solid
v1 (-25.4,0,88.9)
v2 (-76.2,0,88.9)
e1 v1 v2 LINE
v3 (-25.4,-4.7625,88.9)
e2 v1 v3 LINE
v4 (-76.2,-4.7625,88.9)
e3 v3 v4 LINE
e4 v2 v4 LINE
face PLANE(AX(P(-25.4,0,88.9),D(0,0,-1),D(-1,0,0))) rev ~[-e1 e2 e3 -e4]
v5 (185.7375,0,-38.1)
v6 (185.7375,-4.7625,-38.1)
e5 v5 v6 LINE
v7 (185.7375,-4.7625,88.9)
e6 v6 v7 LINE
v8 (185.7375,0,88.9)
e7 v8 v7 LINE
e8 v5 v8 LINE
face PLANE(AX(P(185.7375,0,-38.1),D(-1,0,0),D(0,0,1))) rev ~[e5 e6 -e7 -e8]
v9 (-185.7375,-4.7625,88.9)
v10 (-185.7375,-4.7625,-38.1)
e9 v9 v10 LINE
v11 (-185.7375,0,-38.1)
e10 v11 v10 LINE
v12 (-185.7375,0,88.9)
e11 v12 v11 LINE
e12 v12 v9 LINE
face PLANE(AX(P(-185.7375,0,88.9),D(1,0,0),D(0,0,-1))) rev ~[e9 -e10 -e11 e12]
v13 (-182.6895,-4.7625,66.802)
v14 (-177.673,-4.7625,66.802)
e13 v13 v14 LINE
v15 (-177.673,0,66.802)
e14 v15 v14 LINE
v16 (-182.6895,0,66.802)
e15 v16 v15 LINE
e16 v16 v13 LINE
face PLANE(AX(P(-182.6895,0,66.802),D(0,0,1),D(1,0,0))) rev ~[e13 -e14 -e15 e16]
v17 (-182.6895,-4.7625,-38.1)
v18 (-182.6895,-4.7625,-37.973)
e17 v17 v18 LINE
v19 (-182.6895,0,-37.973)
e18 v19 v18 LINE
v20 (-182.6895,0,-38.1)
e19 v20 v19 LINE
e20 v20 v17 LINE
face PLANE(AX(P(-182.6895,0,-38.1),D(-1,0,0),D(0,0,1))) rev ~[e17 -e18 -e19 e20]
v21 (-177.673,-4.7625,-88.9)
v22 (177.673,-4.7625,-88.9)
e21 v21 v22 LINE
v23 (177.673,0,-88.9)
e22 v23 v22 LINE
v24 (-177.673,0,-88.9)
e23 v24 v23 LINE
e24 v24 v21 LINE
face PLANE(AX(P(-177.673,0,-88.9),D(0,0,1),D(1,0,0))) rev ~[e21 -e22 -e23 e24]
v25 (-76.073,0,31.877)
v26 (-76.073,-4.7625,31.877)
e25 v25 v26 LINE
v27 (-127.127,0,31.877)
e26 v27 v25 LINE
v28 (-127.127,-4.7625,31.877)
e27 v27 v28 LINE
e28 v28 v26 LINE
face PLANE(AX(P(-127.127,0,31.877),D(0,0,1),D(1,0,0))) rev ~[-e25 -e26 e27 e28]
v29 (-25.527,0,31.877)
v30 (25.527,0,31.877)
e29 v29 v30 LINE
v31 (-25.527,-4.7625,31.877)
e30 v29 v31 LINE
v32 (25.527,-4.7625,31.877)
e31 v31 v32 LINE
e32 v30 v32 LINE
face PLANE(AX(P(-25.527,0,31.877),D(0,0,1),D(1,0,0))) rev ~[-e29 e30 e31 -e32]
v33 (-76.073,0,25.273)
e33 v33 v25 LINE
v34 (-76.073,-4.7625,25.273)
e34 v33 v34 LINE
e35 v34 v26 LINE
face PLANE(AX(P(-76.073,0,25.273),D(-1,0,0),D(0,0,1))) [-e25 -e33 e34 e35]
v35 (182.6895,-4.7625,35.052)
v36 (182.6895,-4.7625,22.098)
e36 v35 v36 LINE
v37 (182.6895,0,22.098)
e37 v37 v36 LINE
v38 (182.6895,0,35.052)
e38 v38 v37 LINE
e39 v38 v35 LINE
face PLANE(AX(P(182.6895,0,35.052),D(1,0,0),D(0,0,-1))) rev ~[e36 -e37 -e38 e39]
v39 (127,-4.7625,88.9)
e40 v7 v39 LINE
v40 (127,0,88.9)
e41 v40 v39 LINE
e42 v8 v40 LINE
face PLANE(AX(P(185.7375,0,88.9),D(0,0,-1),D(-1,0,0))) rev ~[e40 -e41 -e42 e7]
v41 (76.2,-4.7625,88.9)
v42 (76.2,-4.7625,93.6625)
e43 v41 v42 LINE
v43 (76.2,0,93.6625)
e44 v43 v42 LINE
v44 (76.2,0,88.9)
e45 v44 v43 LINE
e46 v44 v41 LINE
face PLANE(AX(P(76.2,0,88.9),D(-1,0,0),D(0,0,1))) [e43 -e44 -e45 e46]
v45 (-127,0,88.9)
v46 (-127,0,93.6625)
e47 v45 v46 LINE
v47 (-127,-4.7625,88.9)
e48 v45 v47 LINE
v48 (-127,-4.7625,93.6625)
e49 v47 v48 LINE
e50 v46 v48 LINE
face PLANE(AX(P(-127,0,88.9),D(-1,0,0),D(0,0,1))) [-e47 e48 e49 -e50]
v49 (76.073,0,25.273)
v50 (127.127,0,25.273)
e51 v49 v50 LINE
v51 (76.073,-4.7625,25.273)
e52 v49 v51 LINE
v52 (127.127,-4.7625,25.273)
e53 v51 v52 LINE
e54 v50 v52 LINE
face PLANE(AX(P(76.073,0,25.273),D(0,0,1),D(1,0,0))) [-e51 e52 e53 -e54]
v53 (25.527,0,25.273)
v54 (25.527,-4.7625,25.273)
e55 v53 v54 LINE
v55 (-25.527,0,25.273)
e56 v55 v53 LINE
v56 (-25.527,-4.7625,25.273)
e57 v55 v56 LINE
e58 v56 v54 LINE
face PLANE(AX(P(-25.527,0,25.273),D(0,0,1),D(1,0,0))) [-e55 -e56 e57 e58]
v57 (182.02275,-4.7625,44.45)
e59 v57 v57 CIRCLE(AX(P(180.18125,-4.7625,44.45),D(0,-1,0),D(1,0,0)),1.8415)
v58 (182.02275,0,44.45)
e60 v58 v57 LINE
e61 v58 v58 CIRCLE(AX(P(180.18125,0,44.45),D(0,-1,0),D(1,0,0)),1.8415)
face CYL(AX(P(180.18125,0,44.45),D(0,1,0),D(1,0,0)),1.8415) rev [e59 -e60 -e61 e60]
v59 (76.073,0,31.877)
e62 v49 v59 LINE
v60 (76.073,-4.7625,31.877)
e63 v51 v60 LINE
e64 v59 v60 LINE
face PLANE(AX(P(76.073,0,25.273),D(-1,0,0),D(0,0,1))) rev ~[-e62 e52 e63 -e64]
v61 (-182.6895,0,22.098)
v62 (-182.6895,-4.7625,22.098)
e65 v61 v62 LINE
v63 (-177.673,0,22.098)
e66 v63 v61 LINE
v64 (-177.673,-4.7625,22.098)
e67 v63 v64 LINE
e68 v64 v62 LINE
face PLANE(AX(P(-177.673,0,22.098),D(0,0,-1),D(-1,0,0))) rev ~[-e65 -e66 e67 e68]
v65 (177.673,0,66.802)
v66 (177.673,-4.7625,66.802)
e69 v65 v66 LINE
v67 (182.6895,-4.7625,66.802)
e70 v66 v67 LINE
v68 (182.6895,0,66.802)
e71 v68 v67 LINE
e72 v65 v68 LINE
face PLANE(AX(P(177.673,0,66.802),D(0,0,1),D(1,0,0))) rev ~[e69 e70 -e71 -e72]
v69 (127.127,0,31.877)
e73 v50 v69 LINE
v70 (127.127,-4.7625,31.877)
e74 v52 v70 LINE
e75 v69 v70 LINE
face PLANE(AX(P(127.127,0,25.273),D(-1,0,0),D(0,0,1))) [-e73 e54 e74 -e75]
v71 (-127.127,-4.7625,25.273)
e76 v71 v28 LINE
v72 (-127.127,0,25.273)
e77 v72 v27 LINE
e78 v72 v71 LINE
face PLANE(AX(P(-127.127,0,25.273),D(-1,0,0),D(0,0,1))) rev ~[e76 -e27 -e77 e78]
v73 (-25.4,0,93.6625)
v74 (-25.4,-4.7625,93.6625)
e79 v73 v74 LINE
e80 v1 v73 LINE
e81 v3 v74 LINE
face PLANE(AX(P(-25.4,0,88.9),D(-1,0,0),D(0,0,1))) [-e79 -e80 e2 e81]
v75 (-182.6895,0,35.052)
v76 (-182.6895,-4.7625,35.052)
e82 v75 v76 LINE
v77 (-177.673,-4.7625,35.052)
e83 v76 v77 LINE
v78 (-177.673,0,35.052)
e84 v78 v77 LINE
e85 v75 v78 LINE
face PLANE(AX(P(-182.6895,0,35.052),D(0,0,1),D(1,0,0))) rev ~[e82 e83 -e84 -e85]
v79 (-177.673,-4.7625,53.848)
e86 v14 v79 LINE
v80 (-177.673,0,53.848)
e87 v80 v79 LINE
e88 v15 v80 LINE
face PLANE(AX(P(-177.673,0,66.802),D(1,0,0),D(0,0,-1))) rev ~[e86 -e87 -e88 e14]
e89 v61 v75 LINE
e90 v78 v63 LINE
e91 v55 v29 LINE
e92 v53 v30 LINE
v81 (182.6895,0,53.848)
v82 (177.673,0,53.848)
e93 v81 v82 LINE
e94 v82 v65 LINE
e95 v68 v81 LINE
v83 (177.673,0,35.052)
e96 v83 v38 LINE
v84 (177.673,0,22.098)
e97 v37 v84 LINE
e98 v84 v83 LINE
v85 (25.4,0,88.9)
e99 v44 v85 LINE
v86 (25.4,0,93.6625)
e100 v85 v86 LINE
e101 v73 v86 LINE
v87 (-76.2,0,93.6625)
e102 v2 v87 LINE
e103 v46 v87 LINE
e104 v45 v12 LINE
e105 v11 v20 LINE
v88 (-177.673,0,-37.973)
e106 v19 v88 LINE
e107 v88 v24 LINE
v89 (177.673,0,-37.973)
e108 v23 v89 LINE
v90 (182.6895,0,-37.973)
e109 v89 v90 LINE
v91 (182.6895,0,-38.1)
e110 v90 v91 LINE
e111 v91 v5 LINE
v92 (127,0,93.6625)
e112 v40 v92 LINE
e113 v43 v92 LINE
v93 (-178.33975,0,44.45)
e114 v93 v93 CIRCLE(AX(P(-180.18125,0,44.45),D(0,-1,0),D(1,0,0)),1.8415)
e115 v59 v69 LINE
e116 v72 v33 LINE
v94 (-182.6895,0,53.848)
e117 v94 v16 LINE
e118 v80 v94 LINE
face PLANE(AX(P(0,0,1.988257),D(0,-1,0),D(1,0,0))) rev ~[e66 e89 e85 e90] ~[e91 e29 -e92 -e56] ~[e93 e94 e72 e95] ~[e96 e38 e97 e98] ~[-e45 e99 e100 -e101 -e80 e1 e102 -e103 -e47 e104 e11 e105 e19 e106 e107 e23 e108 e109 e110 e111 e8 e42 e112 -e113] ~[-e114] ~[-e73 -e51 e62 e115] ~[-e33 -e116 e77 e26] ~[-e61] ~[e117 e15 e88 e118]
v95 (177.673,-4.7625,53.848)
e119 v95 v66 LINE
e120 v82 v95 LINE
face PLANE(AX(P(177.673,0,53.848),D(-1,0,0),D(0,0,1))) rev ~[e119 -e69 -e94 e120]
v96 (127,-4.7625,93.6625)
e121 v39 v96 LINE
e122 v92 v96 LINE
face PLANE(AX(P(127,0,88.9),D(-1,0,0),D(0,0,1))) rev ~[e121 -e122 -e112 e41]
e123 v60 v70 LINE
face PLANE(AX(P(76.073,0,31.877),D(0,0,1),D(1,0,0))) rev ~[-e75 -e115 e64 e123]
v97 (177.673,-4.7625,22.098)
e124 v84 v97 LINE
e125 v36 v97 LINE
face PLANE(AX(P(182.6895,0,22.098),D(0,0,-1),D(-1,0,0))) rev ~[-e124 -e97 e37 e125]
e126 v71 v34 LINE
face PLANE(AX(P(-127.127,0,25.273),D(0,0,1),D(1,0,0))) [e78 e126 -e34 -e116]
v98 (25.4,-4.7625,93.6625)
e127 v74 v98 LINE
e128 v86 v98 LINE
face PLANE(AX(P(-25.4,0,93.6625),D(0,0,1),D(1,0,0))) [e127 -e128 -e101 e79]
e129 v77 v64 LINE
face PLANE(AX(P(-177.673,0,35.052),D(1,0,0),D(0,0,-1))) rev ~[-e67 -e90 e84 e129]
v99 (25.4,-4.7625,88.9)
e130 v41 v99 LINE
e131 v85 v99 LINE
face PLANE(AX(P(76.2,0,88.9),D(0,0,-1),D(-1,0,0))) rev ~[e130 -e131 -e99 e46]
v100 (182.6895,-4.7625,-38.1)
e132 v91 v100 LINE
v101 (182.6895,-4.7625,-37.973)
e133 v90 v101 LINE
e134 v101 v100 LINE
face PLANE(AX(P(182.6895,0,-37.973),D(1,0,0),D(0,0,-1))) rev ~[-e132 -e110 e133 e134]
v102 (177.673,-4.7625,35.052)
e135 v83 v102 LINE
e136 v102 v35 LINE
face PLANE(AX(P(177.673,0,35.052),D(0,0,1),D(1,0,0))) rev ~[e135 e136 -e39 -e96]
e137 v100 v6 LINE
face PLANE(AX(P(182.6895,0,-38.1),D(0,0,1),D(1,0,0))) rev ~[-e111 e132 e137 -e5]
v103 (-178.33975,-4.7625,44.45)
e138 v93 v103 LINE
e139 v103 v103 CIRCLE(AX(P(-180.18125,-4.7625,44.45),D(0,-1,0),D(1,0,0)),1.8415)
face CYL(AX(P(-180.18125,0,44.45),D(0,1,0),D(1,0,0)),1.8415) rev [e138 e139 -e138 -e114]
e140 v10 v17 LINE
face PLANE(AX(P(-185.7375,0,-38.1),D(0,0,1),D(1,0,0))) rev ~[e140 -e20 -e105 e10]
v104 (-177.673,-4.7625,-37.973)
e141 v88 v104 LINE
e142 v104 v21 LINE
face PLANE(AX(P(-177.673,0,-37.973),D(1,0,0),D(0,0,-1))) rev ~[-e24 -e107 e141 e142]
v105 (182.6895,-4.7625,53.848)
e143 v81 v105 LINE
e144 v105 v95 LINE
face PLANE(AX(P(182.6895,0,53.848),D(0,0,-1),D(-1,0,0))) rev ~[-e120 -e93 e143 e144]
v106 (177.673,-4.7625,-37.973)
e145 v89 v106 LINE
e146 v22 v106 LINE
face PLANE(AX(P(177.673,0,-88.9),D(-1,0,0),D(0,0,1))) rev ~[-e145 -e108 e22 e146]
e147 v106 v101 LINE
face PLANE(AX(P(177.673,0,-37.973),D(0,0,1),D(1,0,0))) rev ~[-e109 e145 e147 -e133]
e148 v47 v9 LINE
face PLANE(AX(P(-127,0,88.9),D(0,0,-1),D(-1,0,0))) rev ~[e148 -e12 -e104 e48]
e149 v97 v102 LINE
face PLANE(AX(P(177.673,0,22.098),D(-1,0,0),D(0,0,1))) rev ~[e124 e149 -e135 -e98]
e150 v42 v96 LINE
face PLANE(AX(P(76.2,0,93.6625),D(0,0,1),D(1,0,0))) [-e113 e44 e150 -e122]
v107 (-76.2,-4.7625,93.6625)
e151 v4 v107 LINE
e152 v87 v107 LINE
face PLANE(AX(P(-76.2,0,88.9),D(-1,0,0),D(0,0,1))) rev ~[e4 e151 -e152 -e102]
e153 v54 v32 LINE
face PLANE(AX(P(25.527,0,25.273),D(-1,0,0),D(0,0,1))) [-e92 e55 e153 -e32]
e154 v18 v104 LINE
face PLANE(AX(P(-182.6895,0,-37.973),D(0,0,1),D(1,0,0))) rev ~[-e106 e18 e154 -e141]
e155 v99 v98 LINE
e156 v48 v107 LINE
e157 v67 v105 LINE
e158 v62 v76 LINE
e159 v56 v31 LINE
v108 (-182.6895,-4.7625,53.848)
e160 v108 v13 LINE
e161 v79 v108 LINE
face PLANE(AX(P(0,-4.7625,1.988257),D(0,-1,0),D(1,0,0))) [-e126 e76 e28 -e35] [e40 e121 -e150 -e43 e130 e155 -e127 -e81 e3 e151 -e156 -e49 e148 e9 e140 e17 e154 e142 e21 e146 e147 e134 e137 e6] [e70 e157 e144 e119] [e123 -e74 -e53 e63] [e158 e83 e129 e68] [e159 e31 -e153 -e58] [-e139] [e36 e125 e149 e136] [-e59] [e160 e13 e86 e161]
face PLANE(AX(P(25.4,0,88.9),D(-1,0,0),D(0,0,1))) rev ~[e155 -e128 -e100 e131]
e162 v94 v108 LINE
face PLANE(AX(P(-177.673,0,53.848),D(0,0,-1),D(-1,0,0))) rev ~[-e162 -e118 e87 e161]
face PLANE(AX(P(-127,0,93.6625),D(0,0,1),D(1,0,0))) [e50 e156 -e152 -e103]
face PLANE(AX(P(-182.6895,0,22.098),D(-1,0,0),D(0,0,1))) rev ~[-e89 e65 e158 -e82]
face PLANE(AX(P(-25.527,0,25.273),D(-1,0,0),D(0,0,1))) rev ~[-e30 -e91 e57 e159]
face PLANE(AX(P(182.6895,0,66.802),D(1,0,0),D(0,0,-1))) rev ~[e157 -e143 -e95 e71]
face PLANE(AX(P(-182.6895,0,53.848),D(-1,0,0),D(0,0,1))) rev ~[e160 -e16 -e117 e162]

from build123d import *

# Parameters (mm, degrees)
F0_R     = 1.8415
F0_W     = 51.054
F0_H     = 6.604
F0_W_2   = 50.8
F0_H_2   = 4.7625
F1_DEPTH = 4.7625


with BuildPart() as f1:
    # F0 (on Front) → F1 (new body)
    with BuildSketch(Plane.XZ):
        Polygon((-127, 88.9), (-182.5625, 88.9), (-182.5625, 66.802), (-177.673, 66.802), (-177.673, 53.848), (-182.5625, 53.848), (-182.5625, 35.052), (-177.673, 35.052), (-177.673, 22.098), (-182.5625, 22.098), (-182.5625, -37.973), (-177.673, -37.973), (-177.673, -88.9), (177.673, -88.9), (177.673, -37.973), (182.5625, -37.973), (182.5625, 22.098), (177.673, 22.098), (177.673, 35.052), (182.5625, 35.052), (182.5625, 53.848), (177.673, 53.848), (177.673, 66.802), (182.5625, 66.802), (182.5625, 88.9), (127, 88.9), (76.2, 88.9), (25.4, 88.9), (-25.4, 88.9), (-76.2, 88.9), align=None)
        with Locations((-180.18125, 44.45)):
            Circle(F0_R, mode=Mode.SUBTRACT)
        with Locations((-101.6, 28.575)):
            Rectangle(F0_W, F0_H, mode=Mode.SUBTRACT)
        with Locations((0, 28.575)):
            Rectangle(F0_W, F0_H, mode=Mode.SUBTRACT)
        with Locations((101.6, 28.575)):
            Rectangle(F0_W, F0_H, mode=Mode.SUBTRACT)
        with Locations((180.18125, 44.45)):
            Circle(F0_R, mode=Mode.SUBTRACT)
        with Locations((-101.6, 91.28125)):
            Rectangle(F0_W_2, F0_H_2)
        with Locations((0, 91.28125)):
            Rectangle(F0_W_2, F0_H_2)
        with Locations((101.6, 91.28125)):
            Rectangle(F0_W_2, F0_H_2)
        Polygon((-182.5625, 66.802), (-182.5625, 88.9), (-185.7375, 88.9), (-185.7375, -38.1), (-182.6895, -38.1), (-182.6895, -37.973), (-182.5625, -37.973), (-182.5625, 22.098), (-182.6895, 22.098), (-182.6895, 35.052), (-182.5625, 35.052), (-182.5625, 53.848), (-182.6895, 53.848), (-182.6895, 66.802), align=None)
        Polygon((185.7375, 88.9), (182.5625, 88.9), (182.5625, 66.802), (182.6895, 66.802), (182.6895, 53.848), (182.5625, 53.848), (182.5625, 35.052), (182.6895, 35.052), (182.6895, 22.098), (182.5625, 22.098), (182.5625, -37.973), (182.6895, -37.973), (182.6895, -38.1), (185.7375, -38.1), align=None)
    extrude(amount=F1_DEPTH)


solid = f1.part
